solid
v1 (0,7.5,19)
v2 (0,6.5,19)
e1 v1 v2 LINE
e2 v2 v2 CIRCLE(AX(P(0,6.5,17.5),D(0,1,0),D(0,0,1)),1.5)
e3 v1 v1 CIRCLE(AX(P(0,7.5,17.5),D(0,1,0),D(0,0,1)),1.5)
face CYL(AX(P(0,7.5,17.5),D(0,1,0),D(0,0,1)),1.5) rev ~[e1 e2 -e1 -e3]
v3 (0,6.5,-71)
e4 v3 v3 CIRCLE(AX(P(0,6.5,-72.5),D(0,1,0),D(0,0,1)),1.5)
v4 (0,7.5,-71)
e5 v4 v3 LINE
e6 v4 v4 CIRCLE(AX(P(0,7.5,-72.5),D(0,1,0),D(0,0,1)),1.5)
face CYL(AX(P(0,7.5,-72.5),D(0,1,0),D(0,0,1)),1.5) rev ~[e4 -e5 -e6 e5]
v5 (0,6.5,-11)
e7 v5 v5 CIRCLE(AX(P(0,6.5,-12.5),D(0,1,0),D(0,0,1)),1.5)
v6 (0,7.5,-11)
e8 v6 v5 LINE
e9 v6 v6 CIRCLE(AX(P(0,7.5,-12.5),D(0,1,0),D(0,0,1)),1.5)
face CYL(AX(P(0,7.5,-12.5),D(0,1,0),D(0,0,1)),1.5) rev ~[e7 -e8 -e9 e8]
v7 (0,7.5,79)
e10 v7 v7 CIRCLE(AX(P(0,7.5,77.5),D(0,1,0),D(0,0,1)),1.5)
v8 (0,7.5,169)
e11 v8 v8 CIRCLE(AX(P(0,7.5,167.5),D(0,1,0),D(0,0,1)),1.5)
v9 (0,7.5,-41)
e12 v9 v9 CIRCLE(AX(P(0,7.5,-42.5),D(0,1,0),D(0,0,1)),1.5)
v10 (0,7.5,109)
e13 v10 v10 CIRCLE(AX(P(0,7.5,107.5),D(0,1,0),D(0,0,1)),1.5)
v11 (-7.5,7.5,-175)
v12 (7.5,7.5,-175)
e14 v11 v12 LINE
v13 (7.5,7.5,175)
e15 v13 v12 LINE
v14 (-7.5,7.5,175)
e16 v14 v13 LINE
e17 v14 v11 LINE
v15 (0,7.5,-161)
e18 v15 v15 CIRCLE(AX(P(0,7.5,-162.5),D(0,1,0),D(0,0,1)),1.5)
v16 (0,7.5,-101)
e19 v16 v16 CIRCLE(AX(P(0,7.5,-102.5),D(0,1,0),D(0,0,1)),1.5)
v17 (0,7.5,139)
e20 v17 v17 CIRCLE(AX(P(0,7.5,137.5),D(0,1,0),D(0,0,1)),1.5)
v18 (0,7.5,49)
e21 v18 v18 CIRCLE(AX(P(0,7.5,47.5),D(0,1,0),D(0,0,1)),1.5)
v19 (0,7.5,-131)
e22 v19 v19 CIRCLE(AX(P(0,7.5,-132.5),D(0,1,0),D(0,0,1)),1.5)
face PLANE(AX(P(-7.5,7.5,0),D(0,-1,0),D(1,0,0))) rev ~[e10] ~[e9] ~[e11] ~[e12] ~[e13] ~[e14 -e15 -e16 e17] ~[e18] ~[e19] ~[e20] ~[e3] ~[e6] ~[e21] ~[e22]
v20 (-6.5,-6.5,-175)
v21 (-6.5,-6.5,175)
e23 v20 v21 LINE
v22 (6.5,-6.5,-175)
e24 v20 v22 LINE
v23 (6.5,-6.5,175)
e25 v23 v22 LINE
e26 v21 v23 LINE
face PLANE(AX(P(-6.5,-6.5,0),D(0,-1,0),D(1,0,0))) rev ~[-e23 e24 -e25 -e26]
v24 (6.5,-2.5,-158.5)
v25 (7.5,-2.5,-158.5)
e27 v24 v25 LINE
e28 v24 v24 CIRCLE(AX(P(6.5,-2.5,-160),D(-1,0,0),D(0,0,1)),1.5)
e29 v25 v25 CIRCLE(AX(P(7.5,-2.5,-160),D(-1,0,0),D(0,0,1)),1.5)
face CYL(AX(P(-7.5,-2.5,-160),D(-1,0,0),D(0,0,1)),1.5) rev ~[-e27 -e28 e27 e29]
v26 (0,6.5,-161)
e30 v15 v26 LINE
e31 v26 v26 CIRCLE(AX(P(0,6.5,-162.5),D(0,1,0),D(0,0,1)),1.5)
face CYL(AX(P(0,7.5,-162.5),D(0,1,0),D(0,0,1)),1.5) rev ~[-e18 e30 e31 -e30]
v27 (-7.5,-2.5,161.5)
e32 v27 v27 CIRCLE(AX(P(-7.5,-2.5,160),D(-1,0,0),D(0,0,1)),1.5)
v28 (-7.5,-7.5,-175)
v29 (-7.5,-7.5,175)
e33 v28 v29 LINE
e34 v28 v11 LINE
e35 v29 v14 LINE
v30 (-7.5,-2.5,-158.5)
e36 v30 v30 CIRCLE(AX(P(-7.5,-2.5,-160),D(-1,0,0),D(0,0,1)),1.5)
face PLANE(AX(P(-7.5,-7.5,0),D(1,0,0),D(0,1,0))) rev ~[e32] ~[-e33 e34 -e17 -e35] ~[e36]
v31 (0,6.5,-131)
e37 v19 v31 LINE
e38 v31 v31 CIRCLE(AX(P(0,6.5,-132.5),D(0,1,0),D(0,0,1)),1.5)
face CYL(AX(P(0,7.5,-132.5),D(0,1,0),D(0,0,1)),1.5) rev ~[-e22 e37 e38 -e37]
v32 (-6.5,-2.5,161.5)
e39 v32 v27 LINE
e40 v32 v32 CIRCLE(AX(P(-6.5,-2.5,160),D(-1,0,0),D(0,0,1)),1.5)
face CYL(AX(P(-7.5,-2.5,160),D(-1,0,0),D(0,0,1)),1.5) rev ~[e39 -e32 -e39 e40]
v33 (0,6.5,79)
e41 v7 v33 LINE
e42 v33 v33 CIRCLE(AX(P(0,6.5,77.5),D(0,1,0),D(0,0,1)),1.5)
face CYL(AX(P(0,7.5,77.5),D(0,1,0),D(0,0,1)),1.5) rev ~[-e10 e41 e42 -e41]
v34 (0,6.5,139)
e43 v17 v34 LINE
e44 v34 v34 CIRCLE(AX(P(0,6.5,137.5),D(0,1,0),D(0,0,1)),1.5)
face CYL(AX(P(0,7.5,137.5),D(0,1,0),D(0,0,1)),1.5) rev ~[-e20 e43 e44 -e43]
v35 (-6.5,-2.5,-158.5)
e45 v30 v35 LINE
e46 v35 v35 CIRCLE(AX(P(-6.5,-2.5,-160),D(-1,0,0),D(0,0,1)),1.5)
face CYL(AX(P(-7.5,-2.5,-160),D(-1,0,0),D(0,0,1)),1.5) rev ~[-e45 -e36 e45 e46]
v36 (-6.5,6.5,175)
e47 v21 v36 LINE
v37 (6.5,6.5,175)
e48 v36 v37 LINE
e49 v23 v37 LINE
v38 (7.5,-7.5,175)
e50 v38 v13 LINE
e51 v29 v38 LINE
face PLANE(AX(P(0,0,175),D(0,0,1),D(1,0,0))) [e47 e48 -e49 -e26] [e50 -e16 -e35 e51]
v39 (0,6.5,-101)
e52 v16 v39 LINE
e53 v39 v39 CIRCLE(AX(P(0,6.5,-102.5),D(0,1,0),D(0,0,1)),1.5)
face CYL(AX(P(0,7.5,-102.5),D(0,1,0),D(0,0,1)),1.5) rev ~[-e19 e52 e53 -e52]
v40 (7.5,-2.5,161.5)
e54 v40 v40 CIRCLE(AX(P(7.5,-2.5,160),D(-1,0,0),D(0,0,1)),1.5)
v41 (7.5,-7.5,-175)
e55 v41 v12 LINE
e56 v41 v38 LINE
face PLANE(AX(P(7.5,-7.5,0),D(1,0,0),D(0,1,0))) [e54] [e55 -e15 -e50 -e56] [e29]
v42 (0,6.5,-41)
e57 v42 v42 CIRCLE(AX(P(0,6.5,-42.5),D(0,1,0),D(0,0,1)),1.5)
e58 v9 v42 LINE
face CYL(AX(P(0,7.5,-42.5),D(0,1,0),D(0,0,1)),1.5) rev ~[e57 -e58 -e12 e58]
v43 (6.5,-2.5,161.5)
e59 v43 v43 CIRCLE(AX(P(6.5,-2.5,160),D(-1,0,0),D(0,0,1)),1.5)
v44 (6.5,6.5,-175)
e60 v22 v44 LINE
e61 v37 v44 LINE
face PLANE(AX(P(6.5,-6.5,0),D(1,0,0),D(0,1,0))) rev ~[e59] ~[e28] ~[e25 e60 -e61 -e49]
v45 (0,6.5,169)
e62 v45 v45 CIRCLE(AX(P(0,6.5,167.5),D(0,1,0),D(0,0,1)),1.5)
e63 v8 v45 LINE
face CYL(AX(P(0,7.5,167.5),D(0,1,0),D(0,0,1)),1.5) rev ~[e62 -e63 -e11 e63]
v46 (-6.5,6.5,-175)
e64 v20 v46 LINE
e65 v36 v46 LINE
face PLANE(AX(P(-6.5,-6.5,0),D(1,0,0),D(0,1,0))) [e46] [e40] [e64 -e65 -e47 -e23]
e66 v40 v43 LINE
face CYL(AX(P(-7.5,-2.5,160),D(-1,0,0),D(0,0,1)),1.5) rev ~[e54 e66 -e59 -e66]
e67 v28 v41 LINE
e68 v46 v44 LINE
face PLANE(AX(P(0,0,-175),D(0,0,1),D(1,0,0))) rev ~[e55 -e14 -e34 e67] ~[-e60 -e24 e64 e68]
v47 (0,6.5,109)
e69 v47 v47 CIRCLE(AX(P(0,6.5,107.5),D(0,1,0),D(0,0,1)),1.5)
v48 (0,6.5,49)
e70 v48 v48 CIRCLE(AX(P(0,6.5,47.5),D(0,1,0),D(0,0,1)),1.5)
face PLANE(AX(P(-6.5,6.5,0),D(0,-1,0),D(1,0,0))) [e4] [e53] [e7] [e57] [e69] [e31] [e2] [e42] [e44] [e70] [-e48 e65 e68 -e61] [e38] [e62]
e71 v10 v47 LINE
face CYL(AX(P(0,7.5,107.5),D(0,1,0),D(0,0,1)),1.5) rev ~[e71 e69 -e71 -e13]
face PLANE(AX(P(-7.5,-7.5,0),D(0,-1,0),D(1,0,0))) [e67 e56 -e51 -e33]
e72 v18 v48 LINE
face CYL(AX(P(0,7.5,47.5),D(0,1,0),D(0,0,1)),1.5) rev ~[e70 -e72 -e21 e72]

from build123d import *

# Parameters (mm, degrees)
SKETCH_1_W             = 15
SKETCH_1_H             = 15
SKETCH_1_W_2           = 13
SKETCH_1_H_2           = 13
EXTRUDE_1_DEPTH        = 175
SKETCH_2_R             = 1.5
CUT_EXTRUDE_1_DEPTH    = 30
SKETCH_3_R             = 1.5
CUT_EXTRUDE_2_DEPTH    = 5
PATTERN_LINEAR_1_COUNT = 12
PATTERN_LINEAR_1_PITCH = 30


with BuildPart() as part:
    # 草图1 → 凸台-拉伸1 (new, symmetric)
    with BuildSketch(Plane.XY):
        Rectangle(SKETCH_1_W, SKETCH_1_H)
        Rectangle(SKETCH_1_W_2, SKETCH_1_H_2, mode=Mode.SUBTRACT)
    extrude(amount=EXTRUDE_1_DEPTH, both=True)

    # 草图2 → 切除-拉伸1 (cut, symmetric)
    with BuildSketch(Plane.ZY.offset(7.5)):
        with Locations((-160, -2.5)):
            Circle(SKETCH_2_R)
        with Locations((160, -2.5)):
            Circle(SKETCH_2_R)
    extrude(amount=CUT_EXTRUDE_1_DEPTH, both=True, mode=Mode.SUBTRACT)

    # 草图3 → 切除-拉伸2 (cut)
    with BuildSketch(Plane(origin=(0, 7.5, 0), x_dir=(1, 0, 0), z_dir=(0, 1, 0))):
        with Locations(Location((0, -167.5, 0), (0, 0, 270))):
            Circle(SKETCH_3_R)
    cut_extrude_2 = extrude(amount=-CUT_EXTRUDE_2_DEPTH, mode=Mode.SUBTRACT)

    # 阵列(线性)1: 切除-拉伸2 ×12
    with Locations(*[(0, 0, -i * PATTERN_LINEAR_1_PITCH) for i in range(1, PATTERN_LINEAR_1_COUNT)]):
        add(cut_extrude_2, mode=Mode.SUBTRACT)


solid = part.part
